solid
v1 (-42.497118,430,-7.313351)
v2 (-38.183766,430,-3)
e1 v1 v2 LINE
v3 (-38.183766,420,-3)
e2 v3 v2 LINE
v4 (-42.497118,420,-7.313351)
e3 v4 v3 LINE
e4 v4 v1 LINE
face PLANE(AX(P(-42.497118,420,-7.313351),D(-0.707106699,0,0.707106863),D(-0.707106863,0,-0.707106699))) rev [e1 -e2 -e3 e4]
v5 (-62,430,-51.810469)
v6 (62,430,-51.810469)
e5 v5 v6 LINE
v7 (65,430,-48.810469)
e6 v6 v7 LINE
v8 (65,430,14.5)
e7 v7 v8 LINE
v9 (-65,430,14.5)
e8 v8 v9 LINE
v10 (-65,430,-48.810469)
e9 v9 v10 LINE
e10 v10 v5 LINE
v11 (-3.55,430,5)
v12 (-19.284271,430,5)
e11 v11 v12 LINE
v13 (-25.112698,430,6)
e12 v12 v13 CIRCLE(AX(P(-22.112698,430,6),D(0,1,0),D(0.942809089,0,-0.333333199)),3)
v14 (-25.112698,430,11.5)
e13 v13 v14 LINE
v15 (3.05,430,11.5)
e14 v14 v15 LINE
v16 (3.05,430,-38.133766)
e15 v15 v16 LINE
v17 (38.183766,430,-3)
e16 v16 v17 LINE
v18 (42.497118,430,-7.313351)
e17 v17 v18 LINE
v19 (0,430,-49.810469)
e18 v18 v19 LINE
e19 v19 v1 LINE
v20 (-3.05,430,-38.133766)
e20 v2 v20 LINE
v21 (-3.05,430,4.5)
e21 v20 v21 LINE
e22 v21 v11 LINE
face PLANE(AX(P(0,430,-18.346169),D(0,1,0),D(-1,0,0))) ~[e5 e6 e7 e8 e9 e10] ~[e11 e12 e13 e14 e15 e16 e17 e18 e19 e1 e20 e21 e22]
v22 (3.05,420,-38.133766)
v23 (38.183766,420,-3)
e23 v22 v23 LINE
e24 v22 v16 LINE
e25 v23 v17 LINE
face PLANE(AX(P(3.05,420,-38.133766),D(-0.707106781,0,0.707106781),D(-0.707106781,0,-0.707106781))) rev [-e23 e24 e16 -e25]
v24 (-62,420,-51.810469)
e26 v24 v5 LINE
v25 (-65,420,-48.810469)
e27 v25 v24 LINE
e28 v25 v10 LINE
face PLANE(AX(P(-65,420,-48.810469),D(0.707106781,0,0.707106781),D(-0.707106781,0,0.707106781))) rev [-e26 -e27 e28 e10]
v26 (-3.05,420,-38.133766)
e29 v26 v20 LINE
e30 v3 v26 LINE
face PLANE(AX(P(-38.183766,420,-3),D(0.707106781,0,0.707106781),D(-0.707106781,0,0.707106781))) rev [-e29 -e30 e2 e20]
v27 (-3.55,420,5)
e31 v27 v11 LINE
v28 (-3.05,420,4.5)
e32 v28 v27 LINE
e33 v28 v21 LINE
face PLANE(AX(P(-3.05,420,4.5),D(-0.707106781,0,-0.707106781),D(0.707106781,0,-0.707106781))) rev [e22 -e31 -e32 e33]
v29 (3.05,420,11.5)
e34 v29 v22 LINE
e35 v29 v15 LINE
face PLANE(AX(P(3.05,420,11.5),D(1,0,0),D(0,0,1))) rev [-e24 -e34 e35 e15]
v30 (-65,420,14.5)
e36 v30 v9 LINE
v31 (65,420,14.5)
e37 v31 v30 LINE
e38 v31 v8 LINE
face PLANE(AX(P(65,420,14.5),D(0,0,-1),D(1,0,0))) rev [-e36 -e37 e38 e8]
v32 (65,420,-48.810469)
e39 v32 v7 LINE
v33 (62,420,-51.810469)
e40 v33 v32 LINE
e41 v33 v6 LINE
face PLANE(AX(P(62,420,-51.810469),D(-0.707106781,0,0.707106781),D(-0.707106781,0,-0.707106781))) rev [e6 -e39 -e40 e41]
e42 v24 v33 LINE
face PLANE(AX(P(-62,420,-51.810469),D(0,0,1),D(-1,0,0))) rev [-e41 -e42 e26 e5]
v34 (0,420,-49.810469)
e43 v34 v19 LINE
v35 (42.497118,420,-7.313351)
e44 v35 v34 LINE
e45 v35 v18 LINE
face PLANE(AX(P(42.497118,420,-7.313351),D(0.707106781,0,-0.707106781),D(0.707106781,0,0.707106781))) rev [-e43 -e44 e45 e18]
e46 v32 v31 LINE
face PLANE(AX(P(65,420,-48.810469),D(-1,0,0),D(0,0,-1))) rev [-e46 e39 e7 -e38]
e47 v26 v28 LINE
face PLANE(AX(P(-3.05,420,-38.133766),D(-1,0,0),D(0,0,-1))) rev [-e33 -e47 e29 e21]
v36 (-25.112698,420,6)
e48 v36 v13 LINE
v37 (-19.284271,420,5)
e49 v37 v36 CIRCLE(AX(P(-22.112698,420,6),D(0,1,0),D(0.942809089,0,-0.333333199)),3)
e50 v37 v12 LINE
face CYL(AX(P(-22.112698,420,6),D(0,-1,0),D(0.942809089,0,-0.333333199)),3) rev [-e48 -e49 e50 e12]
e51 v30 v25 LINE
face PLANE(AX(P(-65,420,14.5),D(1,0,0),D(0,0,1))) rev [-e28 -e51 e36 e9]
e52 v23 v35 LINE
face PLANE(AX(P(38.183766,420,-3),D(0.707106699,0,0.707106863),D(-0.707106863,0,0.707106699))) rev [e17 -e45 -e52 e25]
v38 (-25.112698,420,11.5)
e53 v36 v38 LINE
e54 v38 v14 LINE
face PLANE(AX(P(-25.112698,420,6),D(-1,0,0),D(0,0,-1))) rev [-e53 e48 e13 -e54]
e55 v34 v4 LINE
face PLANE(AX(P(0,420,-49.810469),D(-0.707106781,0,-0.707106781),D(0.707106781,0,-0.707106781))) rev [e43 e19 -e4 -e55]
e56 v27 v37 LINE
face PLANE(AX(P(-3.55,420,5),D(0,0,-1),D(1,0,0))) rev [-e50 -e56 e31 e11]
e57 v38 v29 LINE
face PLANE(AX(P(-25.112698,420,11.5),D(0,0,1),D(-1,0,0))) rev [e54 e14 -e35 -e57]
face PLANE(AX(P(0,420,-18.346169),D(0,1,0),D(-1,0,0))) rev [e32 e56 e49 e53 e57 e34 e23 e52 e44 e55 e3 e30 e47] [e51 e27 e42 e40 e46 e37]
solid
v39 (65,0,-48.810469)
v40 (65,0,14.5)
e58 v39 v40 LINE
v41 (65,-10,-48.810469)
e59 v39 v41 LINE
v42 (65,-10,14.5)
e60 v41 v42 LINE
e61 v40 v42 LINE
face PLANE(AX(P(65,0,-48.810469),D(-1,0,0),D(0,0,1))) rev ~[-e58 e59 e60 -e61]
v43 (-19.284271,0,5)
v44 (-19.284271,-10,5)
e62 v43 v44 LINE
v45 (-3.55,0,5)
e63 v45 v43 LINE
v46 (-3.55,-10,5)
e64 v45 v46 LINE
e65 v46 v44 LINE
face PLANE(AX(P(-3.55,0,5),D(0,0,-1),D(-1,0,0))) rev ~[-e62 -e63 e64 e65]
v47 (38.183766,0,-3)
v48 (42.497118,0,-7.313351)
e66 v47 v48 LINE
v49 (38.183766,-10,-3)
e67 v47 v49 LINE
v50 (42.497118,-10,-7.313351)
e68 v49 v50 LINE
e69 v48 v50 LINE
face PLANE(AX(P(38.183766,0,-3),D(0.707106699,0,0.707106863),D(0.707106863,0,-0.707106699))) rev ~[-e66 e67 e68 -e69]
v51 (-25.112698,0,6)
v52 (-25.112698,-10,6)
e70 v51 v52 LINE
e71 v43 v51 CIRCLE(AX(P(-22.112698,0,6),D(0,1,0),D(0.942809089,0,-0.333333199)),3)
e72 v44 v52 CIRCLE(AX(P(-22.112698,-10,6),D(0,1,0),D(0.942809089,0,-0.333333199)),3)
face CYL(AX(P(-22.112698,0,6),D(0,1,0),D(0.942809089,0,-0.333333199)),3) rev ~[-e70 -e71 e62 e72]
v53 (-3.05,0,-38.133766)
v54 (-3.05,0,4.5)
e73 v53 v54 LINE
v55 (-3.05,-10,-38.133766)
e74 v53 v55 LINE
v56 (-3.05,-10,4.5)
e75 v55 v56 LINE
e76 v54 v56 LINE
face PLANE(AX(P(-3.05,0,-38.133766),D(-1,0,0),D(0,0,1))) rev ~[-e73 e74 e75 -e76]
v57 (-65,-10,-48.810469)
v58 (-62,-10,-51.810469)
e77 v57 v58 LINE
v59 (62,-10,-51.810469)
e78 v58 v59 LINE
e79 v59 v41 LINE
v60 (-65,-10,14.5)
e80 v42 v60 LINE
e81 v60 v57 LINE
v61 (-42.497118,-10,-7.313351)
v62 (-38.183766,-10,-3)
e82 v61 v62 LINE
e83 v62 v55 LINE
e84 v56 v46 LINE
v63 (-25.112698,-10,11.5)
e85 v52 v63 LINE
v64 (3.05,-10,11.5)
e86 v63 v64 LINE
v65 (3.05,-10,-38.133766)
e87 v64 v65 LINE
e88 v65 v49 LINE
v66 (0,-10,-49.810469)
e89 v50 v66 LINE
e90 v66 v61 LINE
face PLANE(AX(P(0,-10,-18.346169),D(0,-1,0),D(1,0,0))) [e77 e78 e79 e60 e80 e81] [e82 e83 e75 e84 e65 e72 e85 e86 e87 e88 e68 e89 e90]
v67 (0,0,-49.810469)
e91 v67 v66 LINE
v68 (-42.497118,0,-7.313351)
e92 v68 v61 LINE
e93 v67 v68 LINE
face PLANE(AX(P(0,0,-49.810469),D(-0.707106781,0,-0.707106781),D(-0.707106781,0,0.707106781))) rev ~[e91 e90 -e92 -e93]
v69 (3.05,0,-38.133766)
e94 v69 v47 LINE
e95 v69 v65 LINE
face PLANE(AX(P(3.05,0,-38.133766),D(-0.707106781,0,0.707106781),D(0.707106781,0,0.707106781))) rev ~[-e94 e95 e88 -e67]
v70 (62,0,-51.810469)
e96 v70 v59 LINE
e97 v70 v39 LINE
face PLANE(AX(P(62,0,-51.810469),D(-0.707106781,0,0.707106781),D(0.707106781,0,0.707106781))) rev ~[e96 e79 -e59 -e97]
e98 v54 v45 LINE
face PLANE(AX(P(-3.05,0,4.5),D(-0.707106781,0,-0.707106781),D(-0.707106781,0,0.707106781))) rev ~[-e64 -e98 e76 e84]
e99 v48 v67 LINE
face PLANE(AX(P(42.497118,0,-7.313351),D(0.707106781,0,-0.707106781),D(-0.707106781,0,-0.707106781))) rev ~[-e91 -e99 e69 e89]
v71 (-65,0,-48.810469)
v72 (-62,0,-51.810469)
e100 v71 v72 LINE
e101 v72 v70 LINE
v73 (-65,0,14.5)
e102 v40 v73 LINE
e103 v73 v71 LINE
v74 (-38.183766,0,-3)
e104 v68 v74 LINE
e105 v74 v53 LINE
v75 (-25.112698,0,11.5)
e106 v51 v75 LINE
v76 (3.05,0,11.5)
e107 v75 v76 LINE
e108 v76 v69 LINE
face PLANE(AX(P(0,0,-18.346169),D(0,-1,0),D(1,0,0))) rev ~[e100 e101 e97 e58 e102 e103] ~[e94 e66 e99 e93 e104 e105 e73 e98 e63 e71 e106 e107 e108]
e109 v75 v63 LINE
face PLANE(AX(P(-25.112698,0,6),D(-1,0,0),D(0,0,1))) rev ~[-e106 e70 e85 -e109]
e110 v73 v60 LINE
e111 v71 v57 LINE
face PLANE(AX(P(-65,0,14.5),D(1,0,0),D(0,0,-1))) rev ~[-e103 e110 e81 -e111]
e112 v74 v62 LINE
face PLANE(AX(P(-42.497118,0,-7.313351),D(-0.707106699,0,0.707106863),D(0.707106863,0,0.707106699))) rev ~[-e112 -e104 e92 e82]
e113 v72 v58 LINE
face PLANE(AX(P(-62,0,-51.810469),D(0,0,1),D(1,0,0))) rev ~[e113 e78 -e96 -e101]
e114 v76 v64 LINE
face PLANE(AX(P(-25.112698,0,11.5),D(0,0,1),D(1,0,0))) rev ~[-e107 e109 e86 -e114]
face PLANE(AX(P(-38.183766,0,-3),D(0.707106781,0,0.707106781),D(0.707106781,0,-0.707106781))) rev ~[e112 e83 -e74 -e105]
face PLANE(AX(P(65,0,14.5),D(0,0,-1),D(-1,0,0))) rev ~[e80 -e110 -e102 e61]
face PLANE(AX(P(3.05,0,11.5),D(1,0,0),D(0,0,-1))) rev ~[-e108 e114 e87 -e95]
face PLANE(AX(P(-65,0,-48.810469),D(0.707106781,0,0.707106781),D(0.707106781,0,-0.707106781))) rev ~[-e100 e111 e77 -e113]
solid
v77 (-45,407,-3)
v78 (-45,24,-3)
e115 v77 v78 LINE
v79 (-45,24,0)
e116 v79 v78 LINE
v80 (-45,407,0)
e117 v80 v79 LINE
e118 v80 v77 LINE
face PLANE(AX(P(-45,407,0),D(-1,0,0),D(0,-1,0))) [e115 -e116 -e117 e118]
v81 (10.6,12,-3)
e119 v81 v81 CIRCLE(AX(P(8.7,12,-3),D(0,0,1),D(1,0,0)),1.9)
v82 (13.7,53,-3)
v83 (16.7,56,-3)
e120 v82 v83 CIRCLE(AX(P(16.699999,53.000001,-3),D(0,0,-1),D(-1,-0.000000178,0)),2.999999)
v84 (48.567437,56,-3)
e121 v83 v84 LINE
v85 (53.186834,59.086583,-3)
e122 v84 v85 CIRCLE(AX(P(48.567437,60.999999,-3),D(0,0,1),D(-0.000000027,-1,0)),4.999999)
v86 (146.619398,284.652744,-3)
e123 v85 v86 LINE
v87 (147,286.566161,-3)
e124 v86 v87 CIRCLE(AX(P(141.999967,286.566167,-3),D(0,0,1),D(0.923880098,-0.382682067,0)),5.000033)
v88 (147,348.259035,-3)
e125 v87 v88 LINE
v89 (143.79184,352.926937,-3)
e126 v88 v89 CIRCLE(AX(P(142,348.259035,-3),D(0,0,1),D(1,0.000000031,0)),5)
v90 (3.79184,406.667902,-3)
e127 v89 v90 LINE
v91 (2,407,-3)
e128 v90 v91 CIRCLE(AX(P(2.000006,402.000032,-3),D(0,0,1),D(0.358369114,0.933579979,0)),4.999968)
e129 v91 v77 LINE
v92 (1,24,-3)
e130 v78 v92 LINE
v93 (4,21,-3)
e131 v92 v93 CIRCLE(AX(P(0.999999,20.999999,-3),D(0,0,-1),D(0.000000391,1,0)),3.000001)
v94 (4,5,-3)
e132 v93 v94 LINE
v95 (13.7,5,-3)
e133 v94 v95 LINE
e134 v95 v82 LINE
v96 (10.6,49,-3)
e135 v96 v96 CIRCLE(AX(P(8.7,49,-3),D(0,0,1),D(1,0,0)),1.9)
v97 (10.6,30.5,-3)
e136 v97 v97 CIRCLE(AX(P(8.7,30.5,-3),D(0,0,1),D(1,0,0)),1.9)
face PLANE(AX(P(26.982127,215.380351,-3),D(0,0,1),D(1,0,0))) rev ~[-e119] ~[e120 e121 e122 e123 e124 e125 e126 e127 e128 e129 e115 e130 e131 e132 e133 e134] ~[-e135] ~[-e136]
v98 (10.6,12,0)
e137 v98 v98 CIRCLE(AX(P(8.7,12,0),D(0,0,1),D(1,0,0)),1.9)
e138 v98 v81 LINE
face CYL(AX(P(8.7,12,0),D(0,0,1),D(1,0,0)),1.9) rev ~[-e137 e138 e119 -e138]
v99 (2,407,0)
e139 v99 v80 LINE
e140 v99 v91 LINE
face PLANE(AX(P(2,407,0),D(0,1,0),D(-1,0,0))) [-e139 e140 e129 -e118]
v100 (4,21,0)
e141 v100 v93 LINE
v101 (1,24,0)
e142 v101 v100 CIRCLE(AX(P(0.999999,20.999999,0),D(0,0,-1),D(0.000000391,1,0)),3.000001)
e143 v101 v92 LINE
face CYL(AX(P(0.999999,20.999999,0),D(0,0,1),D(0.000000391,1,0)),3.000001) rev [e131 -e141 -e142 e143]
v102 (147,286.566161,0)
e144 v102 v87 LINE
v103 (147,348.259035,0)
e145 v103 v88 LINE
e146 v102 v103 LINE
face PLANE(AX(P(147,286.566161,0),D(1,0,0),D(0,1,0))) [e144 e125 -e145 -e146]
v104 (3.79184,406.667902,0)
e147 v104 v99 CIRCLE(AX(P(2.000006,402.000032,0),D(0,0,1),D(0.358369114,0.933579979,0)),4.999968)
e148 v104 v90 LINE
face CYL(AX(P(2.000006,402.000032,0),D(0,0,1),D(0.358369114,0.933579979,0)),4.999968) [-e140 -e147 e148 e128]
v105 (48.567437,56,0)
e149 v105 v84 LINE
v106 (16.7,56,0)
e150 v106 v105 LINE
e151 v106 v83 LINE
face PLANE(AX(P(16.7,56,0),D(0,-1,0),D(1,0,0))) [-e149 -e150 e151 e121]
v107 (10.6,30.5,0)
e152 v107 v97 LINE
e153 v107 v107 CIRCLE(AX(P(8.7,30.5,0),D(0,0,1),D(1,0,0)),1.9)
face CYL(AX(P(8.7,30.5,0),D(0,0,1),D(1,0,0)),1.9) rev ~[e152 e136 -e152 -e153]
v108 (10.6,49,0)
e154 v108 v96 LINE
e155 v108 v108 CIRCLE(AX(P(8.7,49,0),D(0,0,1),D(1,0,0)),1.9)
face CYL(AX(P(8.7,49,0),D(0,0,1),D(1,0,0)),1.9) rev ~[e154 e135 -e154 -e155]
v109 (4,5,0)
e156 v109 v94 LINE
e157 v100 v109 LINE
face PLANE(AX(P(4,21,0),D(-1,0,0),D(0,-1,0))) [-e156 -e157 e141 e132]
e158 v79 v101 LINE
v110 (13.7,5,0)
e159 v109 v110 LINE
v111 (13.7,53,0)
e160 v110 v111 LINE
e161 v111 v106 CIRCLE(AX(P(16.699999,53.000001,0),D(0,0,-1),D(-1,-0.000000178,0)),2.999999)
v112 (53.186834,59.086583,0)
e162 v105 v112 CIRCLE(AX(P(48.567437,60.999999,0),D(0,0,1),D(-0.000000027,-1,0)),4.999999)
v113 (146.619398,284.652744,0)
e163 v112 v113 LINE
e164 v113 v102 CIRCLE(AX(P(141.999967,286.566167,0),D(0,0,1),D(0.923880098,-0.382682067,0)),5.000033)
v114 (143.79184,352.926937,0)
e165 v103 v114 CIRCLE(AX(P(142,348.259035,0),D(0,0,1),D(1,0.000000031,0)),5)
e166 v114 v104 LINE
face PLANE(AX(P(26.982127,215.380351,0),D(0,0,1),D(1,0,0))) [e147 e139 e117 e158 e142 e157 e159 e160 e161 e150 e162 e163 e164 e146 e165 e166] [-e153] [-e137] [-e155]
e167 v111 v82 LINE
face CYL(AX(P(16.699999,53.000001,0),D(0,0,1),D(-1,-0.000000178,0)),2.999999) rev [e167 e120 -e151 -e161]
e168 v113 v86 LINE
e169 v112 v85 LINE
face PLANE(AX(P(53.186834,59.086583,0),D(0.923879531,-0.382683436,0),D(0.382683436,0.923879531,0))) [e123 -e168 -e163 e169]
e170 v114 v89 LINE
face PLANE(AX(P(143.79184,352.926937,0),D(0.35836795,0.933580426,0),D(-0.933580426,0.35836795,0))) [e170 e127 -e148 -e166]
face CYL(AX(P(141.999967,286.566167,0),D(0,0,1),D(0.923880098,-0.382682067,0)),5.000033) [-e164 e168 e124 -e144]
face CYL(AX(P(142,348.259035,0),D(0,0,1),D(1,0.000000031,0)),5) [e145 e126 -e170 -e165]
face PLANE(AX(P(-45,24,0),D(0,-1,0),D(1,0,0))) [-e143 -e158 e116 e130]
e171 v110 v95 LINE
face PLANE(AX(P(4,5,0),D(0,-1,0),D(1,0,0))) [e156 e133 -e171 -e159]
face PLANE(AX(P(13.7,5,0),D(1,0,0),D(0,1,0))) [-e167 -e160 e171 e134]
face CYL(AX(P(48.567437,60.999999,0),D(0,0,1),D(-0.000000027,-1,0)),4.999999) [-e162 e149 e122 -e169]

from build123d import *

# Parameters (mm, degrees)
F2_DEPTH = 10
F0_R     = 1.9
F5_DEPTH = 3


with BuildPart() as f2:
    # F1 (on Front) → F2 (new body)
    with BuildSketch(Plane.XZ):
        Polygon((-65, -48.810469), (-62, -51.810469), (62, -51.810469), (65, -48.810469), (65, 14.5), (-65, 14.5), align=None)
        with BuildLine():
            Line((3.05, 5), (3.05, -38.133766))
            Line((3.05, -38.133766), (38.183766, -3))
            Line((38.183766, -3), (42.497118, -7.313351))
            Line((42.497118, -7.313351), (0, -49.810469))
            Line((0, -49.810469), (-42.497118, -7.313351))
            Line((-42.497118, -7.313351), (-38.183766, -3))
            Line((-38.183766, -3), (-3.05, -38.133766))
            Line((-3.05, -38.133766), (-3.05, 4.5))
            Line((-3.05, 4.5), (-3.55, 5))
            Line((-3.55, 5), (-19.284271, 5))
            ThreePointArc((-19.284271, 5), (-22.620004, 3.043204), (-25.112698, 6))
            Line((-25.112698, 6), (-25.112698, 11.5))
            Line((-25.112698, 11.5), (3.05, 11.5))
            Line((3.05, 11.5), (3.05, 5))
        make_face(mode=Mode.SUBTRACT)
    extrude(amount=F2_DEPTH)


with BuildPart() as f4_1:
    # F4: instance of F2
    add(f2.part.mirror(Plane.XZ.offset(-210)))


with BuildPart() as f5:
    # F0 (on Top) → F5 (new body)
    with BuildSketch(Plane.XY):
        with BuildLine():
            ThreePointArc((48.567437, 56), (51.345288, 56.842652), (53.186834, 59.086583))
            Line((53.186834, 59.086583), (146.619398, 284.652744))
            ThreePointArc((146.619398, 284.652744), (146.903926, 285.59071), (147, 286.566161))
            Line((147, 286.566161), (147, 348.259035))
            ThreePointArc((147, 348.259035), (146.120631, 351.091066), (143.79184, 352.926937))
            Line((143.79184, 352.926937), (3.79184, 406.667902))
            ThreePointArc((3.79184, 406.667902), (2.911178, 406.916275), (2, 407))
            Line((2, 407), (-45, 407))
            Line((-45, 407), (-45, 24))
            Line((-45, 24), (1, 24))
            ThreePointArc((1, 24), (3.12132, 23.12132), (4, 21))
            Line((4, 21), (4, 5))
            Line((4, 5), (13.7, 5))
            Line((13.7, 5), (13.7, 53))
            ThreePointArc((13.7, 53), (14.578679, 55.12132), (16.7, 56))
            Line((16.7, 56), (48.567437, 56))
        make_face()
        with Locations((8.7, 12)):
            Circle(F0_R, mode=Mode.SUBTRACT)
        with Locations((8.7, 30.5)):
            Circle(F0_R, mode=Mode.SUBTRACT)
        with Locations((8.7, 49)):
            Circle(F0_R, mode=Mode.SUBTRACT)
    extrude(amount=-F5_DEPTH)


solid = Compound([f2.part, f4_1.part, f5.part])
